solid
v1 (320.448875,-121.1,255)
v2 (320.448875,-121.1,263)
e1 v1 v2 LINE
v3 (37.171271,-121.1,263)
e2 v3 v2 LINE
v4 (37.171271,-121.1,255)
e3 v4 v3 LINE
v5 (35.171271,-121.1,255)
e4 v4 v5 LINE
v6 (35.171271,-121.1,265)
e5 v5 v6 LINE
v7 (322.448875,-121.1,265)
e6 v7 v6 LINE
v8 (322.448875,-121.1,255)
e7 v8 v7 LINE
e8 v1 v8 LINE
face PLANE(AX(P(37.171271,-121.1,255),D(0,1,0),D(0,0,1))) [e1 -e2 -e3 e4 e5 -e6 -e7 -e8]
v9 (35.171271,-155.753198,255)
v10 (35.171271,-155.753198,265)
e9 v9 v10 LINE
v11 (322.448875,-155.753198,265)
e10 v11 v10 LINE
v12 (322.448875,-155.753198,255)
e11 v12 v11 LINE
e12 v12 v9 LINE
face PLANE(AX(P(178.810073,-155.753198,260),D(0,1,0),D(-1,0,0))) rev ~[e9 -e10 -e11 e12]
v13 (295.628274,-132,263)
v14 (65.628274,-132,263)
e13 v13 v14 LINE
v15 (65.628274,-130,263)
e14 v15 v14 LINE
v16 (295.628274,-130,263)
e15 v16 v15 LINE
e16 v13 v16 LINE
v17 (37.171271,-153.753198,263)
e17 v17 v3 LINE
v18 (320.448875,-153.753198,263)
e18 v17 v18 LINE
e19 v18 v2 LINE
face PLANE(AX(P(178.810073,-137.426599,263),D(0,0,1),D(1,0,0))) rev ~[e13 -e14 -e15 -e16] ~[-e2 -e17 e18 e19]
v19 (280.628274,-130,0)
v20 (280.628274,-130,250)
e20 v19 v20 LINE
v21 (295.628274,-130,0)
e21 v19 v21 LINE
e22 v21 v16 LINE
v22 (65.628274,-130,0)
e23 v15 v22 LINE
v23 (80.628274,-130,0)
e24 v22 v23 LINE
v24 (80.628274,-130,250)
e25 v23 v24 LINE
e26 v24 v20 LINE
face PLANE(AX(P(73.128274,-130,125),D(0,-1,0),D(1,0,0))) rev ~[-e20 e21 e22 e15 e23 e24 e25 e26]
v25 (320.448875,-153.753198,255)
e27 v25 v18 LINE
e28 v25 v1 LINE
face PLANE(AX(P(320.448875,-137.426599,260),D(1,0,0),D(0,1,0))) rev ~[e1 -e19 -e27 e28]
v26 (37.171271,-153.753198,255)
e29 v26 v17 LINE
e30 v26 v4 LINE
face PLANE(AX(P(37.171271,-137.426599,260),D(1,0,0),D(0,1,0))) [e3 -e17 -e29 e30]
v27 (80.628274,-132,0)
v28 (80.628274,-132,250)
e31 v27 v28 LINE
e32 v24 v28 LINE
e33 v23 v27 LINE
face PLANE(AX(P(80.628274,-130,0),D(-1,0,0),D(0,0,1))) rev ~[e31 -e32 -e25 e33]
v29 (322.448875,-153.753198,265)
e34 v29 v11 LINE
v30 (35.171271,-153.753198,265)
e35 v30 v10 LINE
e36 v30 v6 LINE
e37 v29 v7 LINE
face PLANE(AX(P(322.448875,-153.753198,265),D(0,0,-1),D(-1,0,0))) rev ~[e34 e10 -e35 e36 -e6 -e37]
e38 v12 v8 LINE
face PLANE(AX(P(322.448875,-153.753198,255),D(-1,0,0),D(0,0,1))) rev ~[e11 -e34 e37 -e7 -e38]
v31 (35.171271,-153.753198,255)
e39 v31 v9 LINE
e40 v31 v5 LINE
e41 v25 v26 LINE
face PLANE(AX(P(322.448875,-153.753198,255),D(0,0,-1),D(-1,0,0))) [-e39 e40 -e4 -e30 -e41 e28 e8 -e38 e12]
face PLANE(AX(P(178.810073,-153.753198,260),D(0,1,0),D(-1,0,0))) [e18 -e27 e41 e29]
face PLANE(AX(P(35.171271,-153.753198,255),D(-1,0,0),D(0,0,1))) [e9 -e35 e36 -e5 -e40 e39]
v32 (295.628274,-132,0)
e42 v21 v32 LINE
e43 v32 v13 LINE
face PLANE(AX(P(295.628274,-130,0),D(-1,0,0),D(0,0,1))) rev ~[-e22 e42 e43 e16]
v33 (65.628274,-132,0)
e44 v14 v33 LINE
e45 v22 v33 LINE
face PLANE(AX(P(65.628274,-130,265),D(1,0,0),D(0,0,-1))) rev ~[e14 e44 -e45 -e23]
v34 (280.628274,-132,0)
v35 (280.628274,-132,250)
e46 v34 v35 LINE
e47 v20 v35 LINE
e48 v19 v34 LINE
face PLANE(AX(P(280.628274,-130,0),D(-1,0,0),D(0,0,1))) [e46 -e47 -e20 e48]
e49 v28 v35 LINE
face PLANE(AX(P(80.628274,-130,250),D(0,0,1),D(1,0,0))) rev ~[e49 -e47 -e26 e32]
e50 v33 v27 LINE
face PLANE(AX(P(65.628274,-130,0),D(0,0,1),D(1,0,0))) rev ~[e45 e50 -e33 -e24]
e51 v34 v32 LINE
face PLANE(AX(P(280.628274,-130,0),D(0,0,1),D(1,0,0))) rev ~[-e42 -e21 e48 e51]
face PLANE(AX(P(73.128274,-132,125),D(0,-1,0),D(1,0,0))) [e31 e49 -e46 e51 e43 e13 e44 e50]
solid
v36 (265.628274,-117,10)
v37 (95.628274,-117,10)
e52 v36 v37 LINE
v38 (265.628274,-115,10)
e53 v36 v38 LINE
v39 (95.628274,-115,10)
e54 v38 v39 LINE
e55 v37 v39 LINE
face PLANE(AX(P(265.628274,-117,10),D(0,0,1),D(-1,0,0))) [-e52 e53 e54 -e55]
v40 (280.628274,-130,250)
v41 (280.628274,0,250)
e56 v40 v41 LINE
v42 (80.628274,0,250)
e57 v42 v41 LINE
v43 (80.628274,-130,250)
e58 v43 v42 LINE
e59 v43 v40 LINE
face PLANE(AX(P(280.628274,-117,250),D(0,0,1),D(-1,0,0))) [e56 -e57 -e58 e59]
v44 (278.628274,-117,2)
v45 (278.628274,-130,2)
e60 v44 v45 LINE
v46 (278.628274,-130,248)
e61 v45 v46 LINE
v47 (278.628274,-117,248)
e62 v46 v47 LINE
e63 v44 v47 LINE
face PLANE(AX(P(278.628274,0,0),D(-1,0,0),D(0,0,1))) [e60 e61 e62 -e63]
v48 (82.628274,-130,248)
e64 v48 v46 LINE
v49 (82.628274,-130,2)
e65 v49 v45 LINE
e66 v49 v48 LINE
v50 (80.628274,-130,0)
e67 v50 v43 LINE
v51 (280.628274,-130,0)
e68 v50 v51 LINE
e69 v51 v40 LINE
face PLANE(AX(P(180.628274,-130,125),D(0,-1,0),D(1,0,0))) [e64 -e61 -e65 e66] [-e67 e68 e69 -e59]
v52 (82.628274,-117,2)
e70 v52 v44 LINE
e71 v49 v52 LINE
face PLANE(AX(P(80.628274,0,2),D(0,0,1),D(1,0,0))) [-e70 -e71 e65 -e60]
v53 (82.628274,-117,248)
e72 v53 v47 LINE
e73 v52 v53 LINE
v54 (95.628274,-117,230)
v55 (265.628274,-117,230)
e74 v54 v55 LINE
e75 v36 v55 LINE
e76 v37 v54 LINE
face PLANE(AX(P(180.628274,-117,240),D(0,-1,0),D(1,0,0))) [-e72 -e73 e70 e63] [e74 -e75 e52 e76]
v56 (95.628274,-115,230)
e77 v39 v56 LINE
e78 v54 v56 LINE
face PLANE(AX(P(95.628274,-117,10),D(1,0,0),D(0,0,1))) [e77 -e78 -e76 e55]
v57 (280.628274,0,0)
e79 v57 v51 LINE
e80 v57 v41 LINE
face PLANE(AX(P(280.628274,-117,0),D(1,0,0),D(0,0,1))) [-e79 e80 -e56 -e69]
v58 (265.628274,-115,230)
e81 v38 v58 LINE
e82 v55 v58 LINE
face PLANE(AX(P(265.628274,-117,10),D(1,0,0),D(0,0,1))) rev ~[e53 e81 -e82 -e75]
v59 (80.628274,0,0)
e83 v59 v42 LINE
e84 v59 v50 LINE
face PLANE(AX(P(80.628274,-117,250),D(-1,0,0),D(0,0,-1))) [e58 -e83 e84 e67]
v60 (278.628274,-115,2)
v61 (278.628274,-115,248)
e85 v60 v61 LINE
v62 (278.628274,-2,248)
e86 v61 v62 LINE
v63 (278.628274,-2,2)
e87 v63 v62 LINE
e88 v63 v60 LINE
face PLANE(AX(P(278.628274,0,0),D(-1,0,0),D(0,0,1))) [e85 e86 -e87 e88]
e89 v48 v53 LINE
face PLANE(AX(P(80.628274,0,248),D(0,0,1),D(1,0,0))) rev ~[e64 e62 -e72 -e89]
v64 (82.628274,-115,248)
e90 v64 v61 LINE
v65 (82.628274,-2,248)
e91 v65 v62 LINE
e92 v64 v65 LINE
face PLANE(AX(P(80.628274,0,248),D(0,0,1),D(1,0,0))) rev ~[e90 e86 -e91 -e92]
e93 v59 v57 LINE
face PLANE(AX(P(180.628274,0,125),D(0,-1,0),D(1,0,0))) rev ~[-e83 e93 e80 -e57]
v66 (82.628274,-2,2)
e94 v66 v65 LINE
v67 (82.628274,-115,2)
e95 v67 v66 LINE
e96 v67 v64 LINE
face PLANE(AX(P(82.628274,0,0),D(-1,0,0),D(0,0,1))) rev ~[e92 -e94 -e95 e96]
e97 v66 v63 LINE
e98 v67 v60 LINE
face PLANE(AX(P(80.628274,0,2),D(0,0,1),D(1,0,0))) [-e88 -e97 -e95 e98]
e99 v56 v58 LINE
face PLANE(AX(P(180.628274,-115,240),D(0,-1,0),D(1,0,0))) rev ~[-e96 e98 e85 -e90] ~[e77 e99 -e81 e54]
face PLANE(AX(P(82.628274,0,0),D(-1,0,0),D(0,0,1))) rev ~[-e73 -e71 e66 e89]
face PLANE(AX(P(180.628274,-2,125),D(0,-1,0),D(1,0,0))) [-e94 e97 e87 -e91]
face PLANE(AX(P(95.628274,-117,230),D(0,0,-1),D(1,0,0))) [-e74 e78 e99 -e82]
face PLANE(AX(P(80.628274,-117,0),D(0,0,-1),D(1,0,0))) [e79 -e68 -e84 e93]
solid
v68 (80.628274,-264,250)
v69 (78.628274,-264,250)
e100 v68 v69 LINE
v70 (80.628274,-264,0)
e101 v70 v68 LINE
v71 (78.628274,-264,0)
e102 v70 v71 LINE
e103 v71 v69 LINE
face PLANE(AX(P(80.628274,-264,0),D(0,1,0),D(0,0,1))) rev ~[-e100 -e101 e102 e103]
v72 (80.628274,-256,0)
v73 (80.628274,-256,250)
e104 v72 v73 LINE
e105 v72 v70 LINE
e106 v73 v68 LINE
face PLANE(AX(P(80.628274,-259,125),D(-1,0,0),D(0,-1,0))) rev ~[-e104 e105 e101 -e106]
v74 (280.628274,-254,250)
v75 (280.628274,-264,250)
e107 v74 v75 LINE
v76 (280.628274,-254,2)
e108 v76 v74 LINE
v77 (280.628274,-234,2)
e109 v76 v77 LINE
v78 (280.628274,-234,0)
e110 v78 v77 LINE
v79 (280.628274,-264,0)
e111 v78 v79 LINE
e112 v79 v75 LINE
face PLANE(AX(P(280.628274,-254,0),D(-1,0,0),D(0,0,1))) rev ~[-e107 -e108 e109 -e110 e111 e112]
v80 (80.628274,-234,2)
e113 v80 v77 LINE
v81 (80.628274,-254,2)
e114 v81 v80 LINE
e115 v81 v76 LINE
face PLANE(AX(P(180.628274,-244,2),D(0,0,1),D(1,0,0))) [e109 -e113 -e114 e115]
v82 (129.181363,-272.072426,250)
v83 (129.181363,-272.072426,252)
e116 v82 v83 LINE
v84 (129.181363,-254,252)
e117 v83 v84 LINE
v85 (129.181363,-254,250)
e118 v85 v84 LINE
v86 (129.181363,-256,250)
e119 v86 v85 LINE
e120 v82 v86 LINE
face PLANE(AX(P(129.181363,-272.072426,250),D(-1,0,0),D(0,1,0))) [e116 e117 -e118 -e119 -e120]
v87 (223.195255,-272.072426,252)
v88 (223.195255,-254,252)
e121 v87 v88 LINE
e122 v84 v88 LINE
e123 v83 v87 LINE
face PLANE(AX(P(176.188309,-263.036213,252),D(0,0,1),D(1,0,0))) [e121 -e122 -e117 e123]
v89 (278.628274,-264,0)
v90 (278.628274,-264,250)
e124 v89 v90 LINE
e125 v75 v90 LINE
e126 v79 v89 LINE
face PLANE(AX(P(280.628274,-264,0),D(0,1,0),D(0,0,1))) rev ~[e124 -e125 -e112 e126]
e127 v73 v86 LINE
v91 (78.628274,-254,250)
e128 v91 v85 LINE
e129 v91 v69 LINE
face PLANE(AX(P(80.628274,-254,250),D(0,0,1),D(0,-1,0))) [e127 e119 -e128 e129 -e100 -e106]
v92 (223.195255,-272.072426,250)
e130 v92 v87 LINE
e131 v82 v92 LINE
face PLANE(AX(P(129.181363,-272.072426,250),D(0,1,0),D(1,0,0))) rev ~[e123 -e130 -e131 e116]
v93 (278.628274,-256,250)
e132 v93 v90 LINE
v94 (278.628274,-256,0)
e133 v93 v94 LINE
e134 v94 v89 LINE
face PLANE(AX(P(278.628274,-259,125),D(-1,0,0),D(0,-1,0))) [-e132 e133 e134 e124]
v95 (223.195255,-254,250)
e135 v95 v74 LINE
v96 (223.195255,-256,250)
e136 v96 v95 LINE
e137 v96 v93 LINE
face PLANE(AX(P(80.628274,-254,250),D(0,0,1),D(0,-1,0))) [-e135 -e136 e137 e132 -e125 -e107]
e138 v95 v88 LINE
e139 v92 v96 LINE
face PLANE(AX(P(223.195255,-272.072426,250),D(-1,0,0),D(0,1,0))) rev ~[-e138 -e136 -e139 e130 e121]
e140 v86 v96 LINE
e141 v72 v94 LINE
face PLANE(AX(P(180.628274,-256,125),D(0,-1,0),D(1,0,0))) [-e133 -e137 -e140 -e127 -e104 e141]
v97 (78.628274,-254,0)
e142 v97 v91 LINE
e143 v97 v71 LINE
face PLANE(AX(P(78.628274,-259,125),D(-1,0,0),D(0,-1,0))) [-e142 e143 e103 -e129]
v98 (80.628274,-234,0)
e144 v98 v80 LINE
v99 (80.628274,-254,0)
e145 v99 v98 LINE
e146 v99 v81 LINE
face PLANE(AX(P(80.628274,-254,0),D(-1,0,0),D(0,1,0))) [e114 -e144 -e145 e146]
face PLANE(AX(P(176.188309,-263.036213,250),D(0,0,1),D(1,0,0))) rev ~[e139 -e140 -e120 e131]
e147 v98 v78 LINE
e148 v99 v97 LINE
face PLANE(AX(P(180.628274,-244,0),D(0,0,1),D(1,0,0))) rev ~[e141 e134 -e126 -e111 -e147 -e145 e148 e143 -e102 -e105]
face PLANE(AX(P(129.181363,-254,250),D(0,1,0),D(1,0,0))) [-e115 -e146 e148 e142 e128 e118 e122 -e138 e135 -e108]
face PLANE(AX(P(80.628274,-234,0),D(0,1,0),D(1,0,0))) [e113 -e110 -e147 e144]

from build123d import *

# Parameters (mm, degrees)
F0_W      = 200
F0_H      = 250
F1_DEPTH  = 130
F2_T      = -2
F4_W      = 15
F4_H      = 220
F5_DEPTH  = 2
F7_W      = 15
F7_H      = 250
F8_DEPTH  = 2
F10_W     = 200
F10_H     = 250
F11_DEPTH = 2
F15_W     = 10
F15_H     = 250
F16_DEPTH = 2
F17_W     = 10
F17_H     = 250
F18_DEPTH = 2
F19_W     = 200
F19_H     = 20
F20_DEPTH = 2
F25_W     = 94.0138921142
F25_H     = 18.0724263191
F26_DEPTH = 2
F27_W     = 283.2776047289
F27_H     = 32.6531976461
F28_DEPTH = 2
F30_W     = 32.6531976461
F30_H     = 10
F31_DEPTH = 2
F33_W     = 32.6531976461
F33_H     = 10
F34_DEPTH = 2
F36_W     = 287.2776047289
F36_H     = 10
F37_DEPTH = 2


with BuildPart() as f1:
    # F0 (on Front) → F1 (new body)
    with BuildSketch(Plane.XZ):
        with Locations((180.6282737516, 125)):
            Rectangle(F0_W, F0_H)
    extrude(amount=F1_DEPTH)

    # F2
    f2_openings = [f1.faces().sort_by_distance(p)[0] for p in [
        (180.628274, -130, 125),
    ]]
    offset(amount=F2_T, openings=f2_openings)

    # F4 (on offset) → F5 (join)
    with BuildSketch(Plane.XZ.offset(117)):
        Polygon((280.6282737516, 250), (80.6282737516, 250), (80.6282737516, 230), (95.6282737516, 230), (265.6282737516, 230), (280.6282737516, 230), align=None)
        Polygon((95.6282737516, 230), (80.6282737516, 230), (80.6282737516, 0), (95.6282737516, 0), (95.6282737516, 10), align=None)
        with Locations((273.1282737516, 120)):
            Rectangle(F4_W, F4_H)
        Polygon((280.6282737516, 0), (280.6282737516, 10), (265.6282737516, 10), (95.6282737516, 10), (95.6282737516, 0), align=None)
    extrude(amount=-F5_DEPTH)

    # F7 (on offset) → F8 (join)
    with BuildSketch(Plane.XZ.offset(130)):
        with Locations((73.1282737516, 125)):
            Rectangle(F7_W, F7_H)
        Polygon((65.6282737516, 250), (80.6282737516, 250), (280.6282737516, 250), (295.6282737516, 250), (295.6282737516, 265), (65.6282737516, 265), align=None)
        with Locations((288.1282737516, 125)):
            Rectangle(F7_W, F7_H)
    extrude(amount=F8_DEPTH)

    # F27 (on line) → F28 (join)
    with BuildSketch(Plane.XY.offset(265)):
        with Locations((178.8100730628, -137.4265988231)):
            Rectangle(F27_W, F27_H)
    extrude(amount=-F28_DEPTH)

    # F30 (on line) → F31 (join)
    with BuildSketch(Plane.YZ.offset(320.4488754272)):
        with Locations((-137.4265988231, 260)):
            Rectangle(F30_W, F30_H)
    extrude(amount=F31_DEPTH)

    # F33 (on line) → F34 (join)
    with BuildSketch(Plane.YZ.offset(37.1712706983)):
        with Locations((-137.4265988231, 260)):
            Rectangle(F33_W, F33_H)
    extrude(amount=-F34_DEPTH)

    # F36 (on line) → F37 (join)
    with BuildSketch(Plane(origin=(0, -153.7531976461, 0), x_dir=(-1, 0, 0), z_dir=(0, 1, 0))):
        with Locations((-178.8100730628, 260)):
            Rectangle(F36_W, F36_H)
    extrude(amount=-F37_DEPTH)


with BuildPart() as f11:
    # F10 (on offset) → F11 (new body)
    with BuildSketch(Plane.XZ.offset(254)):
        with Locations((180.6282737516, 125)):
            Rectangle(F10_W, F10_H)
    extrude(amount=F11_DEPTH)

    # F15 (on line) → F16 (join)
    with BuildSketch(Plane(origin=(80.6282737516, 0, 0), x_dir=(0, -1, 0), z_dir=(-1, 0, 0))):
        with Locations((259, 125)):
            Rectangle(F15_W, F15_H)
    extrude(amount=F16_DEPTH)

    # F17 (on line) → F18 (join)
    with BuildSketch(Plane(origin=(280.6282737516, 0, 0), x_dir=(0, -1, 0), z_dir=(-1, 0, 0))):
        with Locations((259, 125)):
            Rectangle(F17_W, F17_H)
    extrude(amount=F18_DEPTH)

    # F19 (on line) → F20 (join)
    with BuildSketch(Plane.XY):
        with Locations((180.6282737516, -244)):
            Rectangle(F19_W, F19_H)
    extrude(amount=F20_DEPTH)

    # F25 (on line) → F26 (join)
    with BuildSketch(Plane.XY.offset(250)):
        with Locations((176.1883087456, -263.0362131596)):
            Rectangle(F25_W, F25_H)
    extrude(amount=F26_DEPTH)


solid = Compound([f1.part, f11.part])
